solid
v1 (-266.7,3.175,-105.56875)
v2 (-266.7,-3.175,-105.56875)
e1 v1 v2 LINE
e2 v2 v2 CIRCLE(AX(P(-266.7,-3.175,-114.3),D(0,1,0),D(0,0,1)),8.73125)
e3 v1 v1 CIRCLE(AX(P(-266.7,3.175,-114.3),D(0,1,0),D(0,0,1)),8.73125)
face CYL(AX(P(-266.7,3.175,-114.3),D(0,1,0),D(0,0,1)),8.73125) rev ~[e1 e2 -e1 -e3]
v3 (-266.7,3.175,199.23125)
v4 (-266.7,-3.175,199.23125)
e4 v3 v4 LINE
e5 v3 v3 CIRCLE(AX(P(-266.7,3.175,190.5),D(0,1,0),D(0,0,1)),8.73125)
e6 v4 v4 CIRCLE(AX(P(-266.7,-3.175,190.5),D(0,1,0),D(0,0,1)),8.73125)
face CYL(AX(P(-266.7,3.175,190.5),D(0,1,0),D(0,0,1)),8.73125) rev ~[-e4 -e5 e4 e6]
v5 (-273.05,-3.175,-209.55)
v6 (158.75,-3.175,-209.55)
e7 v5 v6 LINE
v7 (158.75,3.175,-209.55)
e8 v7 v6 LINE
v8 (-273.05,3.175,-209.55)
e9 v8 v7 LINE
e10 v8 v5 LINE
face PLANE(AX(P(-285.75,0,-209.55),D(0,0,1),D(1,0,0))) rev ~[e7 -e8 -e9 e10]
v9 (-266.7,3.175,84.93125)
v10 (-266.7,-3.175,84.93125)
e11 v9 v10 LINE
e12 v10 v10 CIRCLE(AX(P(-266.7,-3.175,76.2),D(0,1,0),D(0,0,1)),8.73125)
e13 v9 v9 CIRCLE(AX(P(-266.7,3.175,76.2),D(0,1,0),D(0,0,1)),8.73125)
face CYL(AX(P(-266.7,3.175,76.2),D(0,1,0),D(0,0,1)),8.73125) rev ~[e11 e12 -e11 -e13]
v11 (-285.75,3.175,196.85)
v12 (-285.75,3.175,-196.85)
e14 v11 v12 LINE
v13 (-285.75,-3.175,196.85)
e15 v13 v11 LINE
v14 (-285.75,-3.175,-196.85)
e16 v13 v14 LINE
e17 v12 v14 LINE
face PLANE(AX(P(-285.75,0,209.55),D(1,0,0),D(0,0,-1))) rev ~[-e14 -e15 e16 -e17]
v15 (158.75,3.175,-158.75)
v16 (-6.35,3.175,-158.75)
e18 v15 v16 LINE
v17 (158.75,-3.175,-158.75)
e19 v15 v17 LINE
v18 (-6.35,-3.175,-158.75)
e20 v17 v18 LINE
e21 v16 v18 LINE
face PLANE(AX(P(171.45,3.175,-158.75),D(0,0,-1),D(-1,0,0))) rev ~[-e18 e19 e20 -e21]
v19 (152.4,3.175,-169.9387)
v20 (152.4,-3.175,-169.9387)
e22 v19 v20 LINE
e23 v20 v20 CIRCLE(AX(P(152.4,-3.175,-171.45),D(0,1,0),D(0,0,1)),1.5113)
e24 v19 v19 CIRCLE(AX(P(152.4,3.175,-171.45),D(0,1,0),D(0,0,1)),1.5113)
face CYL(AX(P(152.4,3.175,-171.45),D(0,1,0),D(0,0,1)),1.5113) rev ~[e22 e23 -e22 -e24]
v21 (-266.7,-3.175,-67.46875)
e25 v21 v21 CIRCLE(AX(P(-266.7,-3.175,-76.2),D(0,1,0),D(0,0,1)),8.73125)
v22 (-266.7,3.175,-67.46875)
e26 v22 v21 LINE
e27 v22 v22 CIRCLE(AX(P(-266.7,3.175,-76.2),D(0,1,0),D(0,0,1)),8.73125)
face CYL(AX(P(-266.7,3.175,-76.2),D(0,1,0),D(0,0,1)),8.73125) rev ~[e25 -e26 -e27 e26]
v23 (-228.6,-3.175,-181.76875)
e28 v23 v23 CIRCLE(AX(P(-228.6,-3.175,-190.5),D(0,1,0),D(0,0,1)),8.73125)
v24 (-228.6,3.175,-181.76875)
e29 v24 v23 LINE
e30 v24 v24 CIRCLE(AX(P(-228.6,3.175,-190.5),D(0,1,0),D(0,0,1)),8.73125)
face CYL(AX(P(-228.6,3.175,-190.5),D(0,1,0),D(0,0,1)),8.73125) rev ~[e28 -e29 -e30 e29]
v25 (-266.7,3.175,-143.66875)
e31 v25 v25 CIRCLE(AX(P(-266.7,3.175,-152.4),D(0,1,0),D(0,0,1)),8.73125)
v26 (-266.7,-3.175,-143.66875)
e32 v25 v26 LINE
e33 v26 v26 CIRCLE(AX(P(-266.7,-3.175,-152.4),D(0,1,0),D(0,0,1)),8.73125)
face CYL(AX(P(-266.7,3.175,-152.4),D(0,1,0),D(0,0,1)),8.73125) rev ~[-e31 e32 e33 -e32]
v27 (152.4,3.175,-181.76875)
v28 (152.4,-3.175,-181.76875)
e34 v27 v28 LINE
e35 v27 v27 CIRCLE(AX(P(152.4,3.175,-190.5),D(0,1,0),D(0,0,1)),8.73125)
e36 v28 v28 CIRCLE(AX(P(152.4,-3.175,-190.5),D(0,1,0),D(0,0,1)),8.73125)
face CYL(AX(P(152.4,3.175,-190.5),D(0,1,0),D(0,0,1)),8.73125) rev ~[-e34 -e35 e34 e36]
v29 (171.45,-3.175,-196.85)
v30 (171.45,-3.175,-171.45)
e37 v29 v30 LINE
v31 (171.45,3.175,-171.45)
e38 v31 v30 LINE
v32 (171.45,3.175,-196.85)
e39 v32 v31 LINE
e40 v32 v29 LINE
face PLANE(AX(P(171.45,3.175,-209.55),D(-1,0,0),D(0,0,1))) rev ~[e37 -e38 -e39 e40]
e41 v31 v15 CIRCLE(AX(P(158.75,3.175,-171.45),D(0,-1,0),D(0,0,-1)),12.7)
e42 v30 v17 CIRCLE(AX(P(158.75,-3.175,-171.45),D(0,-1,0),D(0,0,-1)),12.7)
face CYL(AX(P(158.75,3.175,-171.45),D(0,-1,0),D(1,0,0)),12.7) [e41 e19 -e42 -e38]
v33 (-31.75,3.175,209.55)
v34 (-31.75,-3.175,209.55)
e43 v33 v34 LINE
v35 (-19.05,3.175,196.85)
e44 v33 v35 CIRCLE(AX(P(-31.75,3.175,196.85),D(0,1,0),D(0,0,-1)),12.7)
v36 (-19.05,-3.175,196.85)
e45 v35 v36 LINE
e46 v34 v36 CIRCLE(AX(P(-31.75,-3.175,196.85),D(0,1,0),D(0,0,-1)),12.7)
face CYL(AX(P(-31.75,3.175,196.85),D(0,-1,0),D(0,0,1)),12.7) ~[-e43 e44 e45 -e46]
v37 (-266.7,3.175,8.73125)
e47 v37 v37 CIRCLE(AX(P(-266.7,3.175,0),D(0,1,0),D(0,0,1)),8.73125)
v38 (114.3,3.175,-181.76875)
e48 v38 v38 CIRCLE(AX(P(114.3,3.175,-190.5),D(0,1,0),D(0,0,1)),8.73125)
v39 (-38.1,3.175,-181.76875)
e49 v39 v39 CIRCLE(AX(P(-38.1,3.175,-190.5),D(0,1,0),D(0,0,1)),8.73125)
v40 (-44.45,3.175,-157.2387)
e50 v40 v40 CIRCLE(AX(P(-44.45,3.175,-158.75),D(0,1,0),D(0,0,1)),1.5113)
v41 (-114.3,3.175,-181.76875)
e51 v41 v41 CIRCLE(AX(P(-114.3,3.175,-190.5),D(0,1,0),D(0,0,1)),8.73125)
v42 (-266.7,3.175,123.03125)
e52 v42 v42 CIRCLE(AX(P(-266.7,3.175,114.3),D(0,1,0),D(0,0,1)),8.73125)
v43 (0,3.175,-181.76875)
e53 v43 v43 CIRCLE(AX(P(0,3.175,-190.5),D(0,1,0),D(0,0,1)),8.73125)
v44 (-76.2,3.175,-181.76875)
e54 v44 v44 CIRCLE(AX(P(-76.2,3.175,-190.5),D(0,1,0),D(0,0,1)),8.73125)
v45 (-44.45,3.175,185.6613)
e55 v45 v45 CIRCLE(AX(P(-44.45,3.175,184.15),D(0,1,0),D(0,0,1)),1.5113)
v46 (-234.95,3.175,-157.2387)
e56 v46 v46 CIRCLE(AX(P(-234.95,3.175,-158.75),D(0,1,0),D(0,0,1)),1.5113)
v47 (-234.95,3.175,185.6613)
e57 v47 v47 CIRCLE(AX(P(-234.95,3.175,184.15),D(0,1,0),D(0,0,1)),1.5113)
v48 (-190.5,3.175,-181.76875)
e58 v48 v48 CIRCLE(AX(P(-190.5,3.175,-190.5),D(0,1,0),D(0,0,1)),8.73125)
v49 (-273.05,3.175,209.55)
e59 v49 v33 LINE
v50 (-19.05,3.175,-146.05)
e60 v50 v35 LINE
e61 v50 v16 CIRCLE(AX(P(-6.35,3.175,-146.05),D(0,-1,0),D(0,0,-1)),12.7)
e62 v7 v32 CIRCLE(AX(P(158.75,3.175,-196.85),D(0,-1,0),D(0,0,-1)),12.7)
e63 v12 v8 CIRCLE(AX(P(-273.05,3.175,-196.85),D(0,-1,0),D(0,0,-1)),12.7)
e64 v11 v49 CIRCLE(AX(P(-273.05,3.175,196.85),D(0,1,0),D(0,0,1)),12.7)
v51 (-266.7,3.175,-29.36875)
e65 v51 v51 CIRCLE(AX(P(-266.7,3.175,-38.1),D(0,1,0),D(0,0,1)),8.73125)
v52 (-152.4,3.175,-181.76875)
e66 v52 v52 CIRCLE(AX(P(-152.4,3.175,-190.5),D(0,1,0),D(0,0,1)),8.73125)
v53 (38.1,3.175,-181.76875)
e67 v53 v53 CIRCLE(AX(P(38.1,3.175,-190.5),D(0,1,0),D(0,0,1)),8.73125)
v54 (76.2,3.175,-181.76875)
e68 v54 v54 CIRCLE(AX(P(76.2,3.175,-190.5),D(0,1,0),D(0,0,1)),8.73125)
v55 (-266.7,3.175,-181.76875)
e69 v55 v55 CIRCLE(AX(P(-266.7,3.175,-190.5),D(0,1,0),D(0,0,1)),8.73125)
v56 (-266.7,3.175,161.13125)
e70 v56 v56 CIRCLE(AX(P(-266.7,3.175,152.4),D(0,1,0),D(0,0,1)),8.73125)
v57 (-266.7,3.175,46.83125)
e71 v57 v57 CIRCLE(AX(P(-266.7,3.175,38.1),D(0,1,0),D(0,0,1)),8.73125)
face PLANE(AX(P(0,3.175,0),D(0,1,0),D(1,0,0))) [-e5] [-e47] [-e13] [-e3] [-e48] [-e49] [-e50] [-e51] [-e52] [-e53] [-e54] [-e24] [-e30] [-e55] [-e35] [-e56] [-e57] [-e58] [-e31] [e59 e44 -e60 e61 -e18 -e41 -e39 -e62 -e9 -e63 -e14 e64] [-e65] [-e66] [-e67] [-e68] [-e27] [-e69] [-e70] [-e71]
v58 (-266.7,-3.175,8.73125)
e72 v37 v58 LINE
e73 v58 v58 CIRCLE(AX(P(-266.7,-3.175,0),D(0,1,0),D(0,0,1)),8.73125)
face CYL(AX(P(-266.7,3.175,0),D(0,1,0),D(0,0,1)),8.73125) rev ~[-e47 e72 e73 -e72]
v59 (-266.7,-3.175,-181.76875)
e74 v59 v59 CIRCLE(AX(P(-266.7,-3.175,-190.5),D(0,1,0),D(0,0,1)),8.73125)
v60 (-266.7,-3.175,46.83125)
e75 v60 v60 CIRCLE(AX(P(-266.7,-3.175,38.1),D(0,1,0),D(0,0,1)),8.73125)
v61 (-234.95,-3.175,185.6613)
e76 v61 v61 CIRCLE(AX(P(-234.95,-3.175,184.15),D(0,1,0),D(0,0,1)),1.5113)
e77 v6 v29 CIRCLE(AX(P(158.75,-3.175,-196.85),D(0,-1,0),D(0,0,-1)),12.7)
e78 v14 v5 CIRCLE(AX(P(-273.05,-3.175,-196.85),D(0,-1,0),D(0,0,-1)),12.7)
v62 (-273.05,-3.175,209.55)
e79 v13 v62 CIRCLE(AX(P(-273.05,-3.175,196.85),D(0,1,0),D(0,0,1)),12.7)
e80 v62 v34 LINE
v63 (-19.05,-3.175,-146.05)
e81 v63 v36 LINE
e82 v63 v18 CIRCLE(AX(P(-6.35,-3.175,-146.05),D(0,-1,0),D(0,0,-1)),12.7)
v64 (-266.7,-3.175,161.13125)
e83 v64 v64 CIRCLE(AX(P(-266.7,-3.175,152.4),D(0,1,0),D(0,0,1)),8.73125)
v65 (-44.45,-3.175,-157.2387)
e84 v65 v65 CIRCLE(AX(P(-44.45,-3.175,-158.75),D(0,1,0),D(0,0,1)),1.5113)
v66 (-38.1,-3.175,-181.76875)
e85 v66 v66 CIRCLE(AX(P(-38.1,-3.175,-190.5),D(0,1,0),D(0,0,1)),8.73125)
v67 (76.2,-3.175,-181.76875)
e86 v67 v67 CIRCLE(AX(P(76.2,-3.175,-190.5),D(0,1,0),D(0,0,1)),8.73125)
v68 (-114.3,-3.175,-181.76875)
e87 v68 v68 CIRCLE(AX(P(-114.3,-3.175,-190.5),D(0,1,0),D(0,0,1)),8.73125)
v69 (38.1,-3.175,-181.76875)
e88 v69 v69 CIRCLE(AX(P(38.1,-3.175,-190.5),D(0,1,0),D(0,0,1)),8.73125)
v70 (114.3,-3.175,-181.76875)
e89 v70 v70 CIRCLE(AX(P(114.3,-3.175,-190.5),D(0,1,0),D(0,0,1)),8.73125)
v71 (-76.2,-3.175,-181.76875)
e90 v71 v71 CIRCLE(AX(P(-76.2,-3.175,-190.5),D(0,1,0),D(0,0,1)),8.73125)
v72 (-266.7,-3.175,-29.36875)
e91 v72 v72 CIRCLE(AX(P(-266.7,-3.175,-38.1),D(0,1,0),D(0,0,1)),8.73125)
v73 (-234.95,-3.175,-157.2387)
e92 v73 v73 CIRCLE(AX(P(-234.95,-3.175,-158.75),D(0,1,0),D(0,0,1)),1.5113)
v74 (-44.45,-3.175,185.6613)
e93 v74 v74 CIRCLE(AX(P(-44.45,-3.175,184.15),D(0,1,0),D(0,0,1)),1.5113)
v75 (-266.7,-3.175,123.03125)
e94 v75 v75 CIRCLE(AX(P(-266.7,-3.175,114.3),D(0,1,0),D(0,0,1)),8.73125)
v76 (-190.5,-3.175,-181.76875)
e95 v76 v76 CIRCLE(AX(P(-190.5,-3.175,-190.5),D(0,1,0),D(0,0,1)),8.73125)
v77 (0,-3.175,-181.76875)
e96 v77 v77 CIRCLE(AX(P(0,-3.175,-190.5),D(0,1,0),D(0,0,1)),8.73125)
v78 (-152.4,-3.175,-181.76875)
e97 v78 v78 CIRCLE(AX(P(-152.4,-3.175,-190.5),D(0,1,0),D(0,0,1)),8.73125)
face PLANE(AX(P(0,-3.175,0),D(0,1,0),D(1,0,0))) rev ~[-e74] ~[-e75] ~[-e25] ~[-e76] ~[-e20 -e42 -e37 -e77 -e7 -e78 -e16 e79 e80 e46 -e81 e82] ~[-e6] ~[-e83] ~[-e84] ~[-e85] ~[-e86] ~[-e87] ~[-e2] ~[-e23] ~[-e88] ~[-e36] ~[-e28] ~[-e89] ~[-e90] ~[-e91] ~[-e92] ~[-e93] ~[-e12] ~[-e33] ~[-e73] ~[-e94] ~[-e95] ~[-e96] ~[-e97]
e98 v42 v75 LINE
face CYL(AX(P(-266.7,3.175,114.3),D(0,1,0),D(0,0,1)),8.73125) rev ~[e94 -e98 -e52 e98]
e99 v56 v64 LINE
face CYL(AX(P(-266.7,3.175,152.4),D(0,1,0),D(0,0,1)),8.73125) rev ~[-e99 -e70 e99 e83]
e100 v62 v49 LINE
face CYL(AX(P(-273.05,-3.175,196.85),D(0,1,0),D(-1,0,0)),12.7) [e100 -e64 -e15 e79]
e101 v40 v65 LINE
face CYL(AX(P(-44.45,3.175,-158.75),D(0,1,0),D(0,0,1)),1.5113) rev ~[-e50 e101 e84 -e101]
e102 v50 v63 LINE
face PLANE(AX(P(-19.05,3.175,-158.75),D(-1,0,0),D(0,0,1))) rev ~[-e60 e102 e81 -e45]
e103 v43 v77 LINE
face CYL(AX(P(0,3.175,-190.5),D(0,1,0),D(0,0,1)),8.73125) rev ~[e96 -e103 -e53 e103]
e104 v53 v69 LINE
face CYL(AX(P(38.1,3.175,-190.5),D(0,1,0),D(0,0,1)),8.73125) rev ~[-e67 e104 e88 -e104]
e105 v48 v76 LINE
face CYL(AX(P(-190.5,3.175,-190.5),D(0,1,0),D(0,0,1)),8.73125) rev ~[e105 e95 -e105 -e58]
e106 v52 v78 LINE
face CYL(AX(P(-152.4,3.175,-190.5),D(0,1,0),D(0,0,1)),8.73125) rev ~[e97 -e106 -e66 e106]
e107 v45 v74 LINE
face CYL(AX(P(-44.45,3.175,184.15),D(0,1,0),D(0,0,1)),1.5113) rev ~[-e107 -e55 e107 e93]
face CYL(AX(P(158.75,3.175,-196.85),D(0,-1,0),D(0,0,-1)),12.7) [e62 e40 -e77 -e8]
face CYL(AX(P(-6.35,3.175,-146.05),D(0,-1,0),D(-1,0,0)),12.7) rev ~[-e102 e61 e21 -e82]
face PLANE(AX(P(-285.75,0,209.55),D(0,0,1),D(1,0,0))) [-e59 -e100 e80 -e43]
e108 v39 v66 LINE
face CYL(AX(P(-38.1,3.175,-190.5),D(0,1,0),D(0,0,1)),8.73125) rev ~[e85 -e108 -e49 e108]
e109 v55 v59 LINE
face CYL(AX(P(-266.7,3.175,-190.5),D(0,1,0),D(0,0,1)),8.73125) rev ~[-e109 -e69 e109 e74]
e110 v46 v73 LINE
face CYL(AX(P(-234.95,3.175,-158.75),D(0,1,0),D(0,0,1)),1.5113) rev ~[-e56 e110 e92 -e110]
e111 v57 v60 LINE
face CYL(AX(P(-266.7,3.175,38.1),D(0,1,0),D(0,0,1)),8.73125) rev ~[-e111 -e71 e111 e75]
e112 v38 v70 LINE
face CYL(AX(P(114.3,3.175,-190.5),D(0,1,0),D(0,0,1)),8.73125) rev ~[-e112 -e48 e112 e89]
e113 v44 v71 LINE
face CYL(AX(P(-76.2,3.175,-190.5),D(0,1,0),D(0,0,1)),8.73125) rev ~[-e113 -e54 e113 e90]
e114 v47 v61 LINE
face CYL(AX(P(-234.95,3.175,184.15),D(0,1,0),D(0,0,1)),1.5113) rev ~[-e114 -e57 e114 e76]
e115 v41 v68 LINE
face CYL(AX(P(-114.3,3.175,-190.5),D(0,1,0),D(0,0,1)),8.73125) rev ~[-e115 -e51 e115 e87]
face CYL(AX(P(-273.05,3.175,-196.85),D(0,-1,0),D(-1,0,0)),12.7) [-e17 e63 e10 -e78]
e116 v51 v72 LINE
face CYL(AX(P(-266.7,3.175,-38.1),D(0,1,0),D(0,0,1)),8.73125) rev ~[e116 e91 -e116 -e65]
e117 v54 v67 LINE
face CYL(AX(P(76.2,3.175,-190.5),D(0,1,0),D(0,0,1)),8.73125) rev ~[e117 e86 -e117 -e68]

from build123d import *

# Parameters (mm, degrees)
SKETCH1_W           = 571.5
SKETCH1_H           = 419.1
BOSS_EXTRUDE1_DEPTH = 3.175
SKETCH2_R           = 4.4196
CUT_EXTRUDE1_DEPTH  = 355.407375064
SKETCH3_R           = 8.73125
CUT_EXTRUDE2_DEPTH  = 355.407375064
CUT_EXTRUDE5_DEPTH  = 355.407375064
SKETCH5_R           = 1.5113
CUT_EXTRUDE3_DEPTH  = 355.407375064
FILLET1_R           = 12.7


with BuildPart() as part:
    # Sketch1 → Boss-Extrude1 (new, symmetric)
    with BuildSketch(Plane(origin=(0, 0, 0), x_dir=(1, 0, 0), z_dir=(0, 1, 0))):
        Rectangle(SKETCH1_W, SKETCH1_H)
    extrude(amount=BOSS_EXTRUDE1_DEPTH, both=True)

    # Sketch2 → Cut-Extrude1 (cut, through all)
    with BuildSketch(Plane(origin=(0, 3.175, 0), x_dir=(1, 0, 0), z_dir=(0, 1, 0))):
        with Locations(Location((-228.6, 190.5, 0), (0, 0, 270))):
            Circle(SKETCH2_R)
        with Locations(Location((-190.5, 190.5, 0), (0, 0, 270))):
            Circle(SKETCH2_R)
        with Locations(Location((-152.4, 190.5, 0), (0, 0, 270))):
            Circle(SKETCH2_R)
        with Locations(Location((-114.3, 190.5, 0), (0, 0, 270))):
            Circle(SKETCH2_R)
        with Locations(Location((-76.2, 190.5, 0), (0, 0, 270))):
            Circle(SKETCH2_R)
        with Locations(Location((-38.1, 190.5, 0), (0, 0, 270))):
            Circle(SKETCH2_R)
        with Locations(Location((0, 190.5, 0), (0, 0, 270))):
            Circle(SKETCH2_R)
        with Locations(Location((38.1, 190.5, 0), (0, 0, 270))):
            Circle(SKETCH2_R)
        with Locations(Location((-266.7, 38.1, 0), (0, 0, 270))):
            Circle(SKETCH2_R)
        with Locations(Location((-266.7, 76.2, 0), (0, 0, 270))):
            Circle(SKETCH2_R)
        with Locations(Location((-266.7, 114.3, 0), (0, 0, 270))):
            Circle(SKETCH2_R)
        with Locations(Location((-266.7, 152.4, 0), (0, 0, 270))):
            Circle(SKETCH2_R)
        with Locations(Location((-266.7, 190.5, 0), (0, 0, 270))):
            Circle(SKETCH2_R)
        with Locations(Location((-266.7, -190.5, 0), (0, 0, 90))):
            Circle(SKETCH2_R)
        with Locations(Location((-266.7, -152.4, 0), (0, 0, 90))):
            Circle(SKETCH2_R)
        with Locations(Location((-266.7, -114.3, 0), (0, 0, 90))):
            Circle(SKETCH2_R)
        with Locations(Location((-266.7, -76.2, 0), (0, 0, 90))):
            Circle(SKETCH2_R)
        with Locations(Location((-266.7, -38.1, 0), (0, 0, 90))):
            Circle(SKETCH2_R)
        with Locations(Location((-266.7, 0, 0), (0, 0, 90))):
            Circle(SKETCH2_R)
        with Locations(Location((76.2, 190.5, 0), (0, 0, 270))):
            Circle(SKETCH2_R)
        with Locations(Location((114.3, 190.5, 0), (0, 0, 270))):
            Circle(SKETCH2_R)
        with Locations(Location((152.4, 190.5, 0), (0, 0, 270))):
            Circle(SKETCH2_R)
        with Locations(Location((190.5, 190.5, 0), (0, 0, 270))):
            Circle(SKETCH2_R)
        with Locations(Location((228.6, 190.5, 0), (0, 0, 270))):
            Circle(SKETCH2_R)
        with Locations(Location((266.7, 190.5, 0), (0, 0, 270))):
            Circle(SKETCH2_R)
    extrude(amount=-CUT_EXTRUDE1_DEPTH, mode=Mode.SUBTRACT)

    # Sketch3 → Cut-Extrude2 (cut, through all)
    with BuildSketch(Plane(origin=(0, 3.175, 0), x_dir=(1, 0, 0), z_dir=(0, 1, 0))):
        with Locations(Location((-266.7, 190.5, 0), (0, 0, 270))):
            Circle(SKETCH3_R)
        with Locations(Location((-228.6, 190.5, 0), (0, 0, 270))):
            Circle(SKETCH3_R)
        with Locations(Location((-190.5, 190.5, 0), (0, 0, 270))):
            Circle(SKETCH3_R)
        with Locations(Location((-152.4, 190.5, 0), (0, 0, 270))):
            Circle(SKETCH3_R)
        with Locations(Location((-114.3, 190.5, 0), (0, 0, 270))):
            Circle(SKETCH3_R)
        with Locations(Location((-76.2, 190.5, 0), (0, 0, 270))):
            Circle(SKETCH3_R)
        with Locations(Location((-38.1, 190.5, 0), (0, 0, 270))):
            Circle(SKETCH3_R)
        with Locations(Location((0, 190.5, 0), (0, 0, 270))):
            Circle(SKETCH3_R)
        with Locations(Location((38.1, 190.5, 0), (0, 0, 270))):
            Circle(SKETCH3_R)
        with Locations(Location((76.2, 190.5, 0), (0, 0, 270))):
            Circle(SKETCH3_R)
        with Locations(Location((114.3, 190.5, 0), (0, 0, 270))):
            Circle(SKETCH3_R)
        with Locations(Location((152.4, 190.5, 0), (0, 0, 270))):
            Circle(SKETCH3_R)
        with Locations(Location((190.5, 190.5, 0), (0, 0, 270))):
            Circle(SKETCH3_R)
        with Locations(Location((228.6, 190.5, 0), (0, 0, 270))):
            Circle(SKETCH3_R)
        with Locations(Location((266.7, 190.5, 0), (0, 0, 270))):
            Circle(SKETCH3_R)
        with Locations(Location((-266.7, 152.4, 0), (0, 0, 270))):
            Circle(SKETCH3_R)
        with Locations(Location((-266.7, 114.3, 0), (0, 0, 270))):
            Circle(SKETCH3_R)
        with Locations(Location((-266.7, 76.2, 0), (0, 0, 270))):
            Circle(SKETCH3_R)
        with Locations(Location((-266.7, 38.1, 0), (0, 0, 270))):
            Circle(SKETCH3_R)
        with Locations(Location((-266.7, 0, 0), (0, 0, 270))):
            Circle(SKETCH3_R)
        with Locations(Location((-266.7, -38.1, 0), (0, 0, 270))):
            Circle(SKETCH3_R)
        with Locations(Location((-266.7, -76.2, 0), (0, 0, 270))):
            Circle(SKETCH3_R)
        with Locations(Location((-266.7, -114.3, 0), (0, 0, 270))):
            Circle(SKETCH3_R)
        with Locations(Location((-266.7, -152.4, 0), (0, 0, 270))):
            Circle(SKETCH3_R)
        with Locations(Location((-266.7, -190.5, 0), (0, 0, 270))):
            Circle(SKETCH3_R)
    extrude(amount=-CUT_EXTRUDE2_DEPTH, mode=Mode.SUBTRACT)

    # Sketch8 → Cut-Extrude5 (cut, through all)
    with BuildSketch(Plane(origin=(0, 3.175, 0), x_dir=(1, 0, 0), z_dir=(0, 1, 0))):
        Polygon((-19.05, -209.55), (285.75, -209.55), (285.75, 209.55), (171.45, 209.55), (171.45, 158.75), (-19.05, 158.75), align=None)
    extrude(amount=-CUT_EXTRUDE5_DEPTH, mode=Mode.SUBTRACT)

    # Sketch5 → Cut-Extrude3 (cut, through all)
    with BuildSketch(Plane(origin=(0, 3.175, 0), x_dir=(1, 0, 0), z_dir=(0, 1, 0))):
        with Locations(Location((-234.95, -184.15, 0), (0, 0, 270))):
            Circle(SKETCH5_R)
        with Locations(Location((-234.95, 158.75, 0), (0, 0, 270))):
            Circle(SKETCH5_R)
        with Locations(Location((-44.45, -184.15, 0), (0, 0, 270))):
            Circle(SKETCH5_R)
        with Locations(Location((-44.45, 158.75, 0), (0, 0, 270))):
            Circle(SKETCH5_R)
        with Locations(Location((152.4, 171.45, 0), (0, 0, 270))):
            Circle(SKETCH5_R)
    extrude(amount=-CUT_EXTRUDE3_DEPTH, mode=Mode.SUBTRACT)

    # Fillet1
    fillet1_edges = [part.edges().sort_by_distance(p)[0] for p in [
        (-19.05, 0, 209.55),
        (-19.05, 0, -158.75),
        (171.45, 0, -158.75),
        (171.45, 0, -209.55),
        (-285.75, 0, 209.55),
        (-285.75, 0, -209.55),
    ]]
    fillet(fillet1_edges, radius=FILLET1_R)


solid = part.part
